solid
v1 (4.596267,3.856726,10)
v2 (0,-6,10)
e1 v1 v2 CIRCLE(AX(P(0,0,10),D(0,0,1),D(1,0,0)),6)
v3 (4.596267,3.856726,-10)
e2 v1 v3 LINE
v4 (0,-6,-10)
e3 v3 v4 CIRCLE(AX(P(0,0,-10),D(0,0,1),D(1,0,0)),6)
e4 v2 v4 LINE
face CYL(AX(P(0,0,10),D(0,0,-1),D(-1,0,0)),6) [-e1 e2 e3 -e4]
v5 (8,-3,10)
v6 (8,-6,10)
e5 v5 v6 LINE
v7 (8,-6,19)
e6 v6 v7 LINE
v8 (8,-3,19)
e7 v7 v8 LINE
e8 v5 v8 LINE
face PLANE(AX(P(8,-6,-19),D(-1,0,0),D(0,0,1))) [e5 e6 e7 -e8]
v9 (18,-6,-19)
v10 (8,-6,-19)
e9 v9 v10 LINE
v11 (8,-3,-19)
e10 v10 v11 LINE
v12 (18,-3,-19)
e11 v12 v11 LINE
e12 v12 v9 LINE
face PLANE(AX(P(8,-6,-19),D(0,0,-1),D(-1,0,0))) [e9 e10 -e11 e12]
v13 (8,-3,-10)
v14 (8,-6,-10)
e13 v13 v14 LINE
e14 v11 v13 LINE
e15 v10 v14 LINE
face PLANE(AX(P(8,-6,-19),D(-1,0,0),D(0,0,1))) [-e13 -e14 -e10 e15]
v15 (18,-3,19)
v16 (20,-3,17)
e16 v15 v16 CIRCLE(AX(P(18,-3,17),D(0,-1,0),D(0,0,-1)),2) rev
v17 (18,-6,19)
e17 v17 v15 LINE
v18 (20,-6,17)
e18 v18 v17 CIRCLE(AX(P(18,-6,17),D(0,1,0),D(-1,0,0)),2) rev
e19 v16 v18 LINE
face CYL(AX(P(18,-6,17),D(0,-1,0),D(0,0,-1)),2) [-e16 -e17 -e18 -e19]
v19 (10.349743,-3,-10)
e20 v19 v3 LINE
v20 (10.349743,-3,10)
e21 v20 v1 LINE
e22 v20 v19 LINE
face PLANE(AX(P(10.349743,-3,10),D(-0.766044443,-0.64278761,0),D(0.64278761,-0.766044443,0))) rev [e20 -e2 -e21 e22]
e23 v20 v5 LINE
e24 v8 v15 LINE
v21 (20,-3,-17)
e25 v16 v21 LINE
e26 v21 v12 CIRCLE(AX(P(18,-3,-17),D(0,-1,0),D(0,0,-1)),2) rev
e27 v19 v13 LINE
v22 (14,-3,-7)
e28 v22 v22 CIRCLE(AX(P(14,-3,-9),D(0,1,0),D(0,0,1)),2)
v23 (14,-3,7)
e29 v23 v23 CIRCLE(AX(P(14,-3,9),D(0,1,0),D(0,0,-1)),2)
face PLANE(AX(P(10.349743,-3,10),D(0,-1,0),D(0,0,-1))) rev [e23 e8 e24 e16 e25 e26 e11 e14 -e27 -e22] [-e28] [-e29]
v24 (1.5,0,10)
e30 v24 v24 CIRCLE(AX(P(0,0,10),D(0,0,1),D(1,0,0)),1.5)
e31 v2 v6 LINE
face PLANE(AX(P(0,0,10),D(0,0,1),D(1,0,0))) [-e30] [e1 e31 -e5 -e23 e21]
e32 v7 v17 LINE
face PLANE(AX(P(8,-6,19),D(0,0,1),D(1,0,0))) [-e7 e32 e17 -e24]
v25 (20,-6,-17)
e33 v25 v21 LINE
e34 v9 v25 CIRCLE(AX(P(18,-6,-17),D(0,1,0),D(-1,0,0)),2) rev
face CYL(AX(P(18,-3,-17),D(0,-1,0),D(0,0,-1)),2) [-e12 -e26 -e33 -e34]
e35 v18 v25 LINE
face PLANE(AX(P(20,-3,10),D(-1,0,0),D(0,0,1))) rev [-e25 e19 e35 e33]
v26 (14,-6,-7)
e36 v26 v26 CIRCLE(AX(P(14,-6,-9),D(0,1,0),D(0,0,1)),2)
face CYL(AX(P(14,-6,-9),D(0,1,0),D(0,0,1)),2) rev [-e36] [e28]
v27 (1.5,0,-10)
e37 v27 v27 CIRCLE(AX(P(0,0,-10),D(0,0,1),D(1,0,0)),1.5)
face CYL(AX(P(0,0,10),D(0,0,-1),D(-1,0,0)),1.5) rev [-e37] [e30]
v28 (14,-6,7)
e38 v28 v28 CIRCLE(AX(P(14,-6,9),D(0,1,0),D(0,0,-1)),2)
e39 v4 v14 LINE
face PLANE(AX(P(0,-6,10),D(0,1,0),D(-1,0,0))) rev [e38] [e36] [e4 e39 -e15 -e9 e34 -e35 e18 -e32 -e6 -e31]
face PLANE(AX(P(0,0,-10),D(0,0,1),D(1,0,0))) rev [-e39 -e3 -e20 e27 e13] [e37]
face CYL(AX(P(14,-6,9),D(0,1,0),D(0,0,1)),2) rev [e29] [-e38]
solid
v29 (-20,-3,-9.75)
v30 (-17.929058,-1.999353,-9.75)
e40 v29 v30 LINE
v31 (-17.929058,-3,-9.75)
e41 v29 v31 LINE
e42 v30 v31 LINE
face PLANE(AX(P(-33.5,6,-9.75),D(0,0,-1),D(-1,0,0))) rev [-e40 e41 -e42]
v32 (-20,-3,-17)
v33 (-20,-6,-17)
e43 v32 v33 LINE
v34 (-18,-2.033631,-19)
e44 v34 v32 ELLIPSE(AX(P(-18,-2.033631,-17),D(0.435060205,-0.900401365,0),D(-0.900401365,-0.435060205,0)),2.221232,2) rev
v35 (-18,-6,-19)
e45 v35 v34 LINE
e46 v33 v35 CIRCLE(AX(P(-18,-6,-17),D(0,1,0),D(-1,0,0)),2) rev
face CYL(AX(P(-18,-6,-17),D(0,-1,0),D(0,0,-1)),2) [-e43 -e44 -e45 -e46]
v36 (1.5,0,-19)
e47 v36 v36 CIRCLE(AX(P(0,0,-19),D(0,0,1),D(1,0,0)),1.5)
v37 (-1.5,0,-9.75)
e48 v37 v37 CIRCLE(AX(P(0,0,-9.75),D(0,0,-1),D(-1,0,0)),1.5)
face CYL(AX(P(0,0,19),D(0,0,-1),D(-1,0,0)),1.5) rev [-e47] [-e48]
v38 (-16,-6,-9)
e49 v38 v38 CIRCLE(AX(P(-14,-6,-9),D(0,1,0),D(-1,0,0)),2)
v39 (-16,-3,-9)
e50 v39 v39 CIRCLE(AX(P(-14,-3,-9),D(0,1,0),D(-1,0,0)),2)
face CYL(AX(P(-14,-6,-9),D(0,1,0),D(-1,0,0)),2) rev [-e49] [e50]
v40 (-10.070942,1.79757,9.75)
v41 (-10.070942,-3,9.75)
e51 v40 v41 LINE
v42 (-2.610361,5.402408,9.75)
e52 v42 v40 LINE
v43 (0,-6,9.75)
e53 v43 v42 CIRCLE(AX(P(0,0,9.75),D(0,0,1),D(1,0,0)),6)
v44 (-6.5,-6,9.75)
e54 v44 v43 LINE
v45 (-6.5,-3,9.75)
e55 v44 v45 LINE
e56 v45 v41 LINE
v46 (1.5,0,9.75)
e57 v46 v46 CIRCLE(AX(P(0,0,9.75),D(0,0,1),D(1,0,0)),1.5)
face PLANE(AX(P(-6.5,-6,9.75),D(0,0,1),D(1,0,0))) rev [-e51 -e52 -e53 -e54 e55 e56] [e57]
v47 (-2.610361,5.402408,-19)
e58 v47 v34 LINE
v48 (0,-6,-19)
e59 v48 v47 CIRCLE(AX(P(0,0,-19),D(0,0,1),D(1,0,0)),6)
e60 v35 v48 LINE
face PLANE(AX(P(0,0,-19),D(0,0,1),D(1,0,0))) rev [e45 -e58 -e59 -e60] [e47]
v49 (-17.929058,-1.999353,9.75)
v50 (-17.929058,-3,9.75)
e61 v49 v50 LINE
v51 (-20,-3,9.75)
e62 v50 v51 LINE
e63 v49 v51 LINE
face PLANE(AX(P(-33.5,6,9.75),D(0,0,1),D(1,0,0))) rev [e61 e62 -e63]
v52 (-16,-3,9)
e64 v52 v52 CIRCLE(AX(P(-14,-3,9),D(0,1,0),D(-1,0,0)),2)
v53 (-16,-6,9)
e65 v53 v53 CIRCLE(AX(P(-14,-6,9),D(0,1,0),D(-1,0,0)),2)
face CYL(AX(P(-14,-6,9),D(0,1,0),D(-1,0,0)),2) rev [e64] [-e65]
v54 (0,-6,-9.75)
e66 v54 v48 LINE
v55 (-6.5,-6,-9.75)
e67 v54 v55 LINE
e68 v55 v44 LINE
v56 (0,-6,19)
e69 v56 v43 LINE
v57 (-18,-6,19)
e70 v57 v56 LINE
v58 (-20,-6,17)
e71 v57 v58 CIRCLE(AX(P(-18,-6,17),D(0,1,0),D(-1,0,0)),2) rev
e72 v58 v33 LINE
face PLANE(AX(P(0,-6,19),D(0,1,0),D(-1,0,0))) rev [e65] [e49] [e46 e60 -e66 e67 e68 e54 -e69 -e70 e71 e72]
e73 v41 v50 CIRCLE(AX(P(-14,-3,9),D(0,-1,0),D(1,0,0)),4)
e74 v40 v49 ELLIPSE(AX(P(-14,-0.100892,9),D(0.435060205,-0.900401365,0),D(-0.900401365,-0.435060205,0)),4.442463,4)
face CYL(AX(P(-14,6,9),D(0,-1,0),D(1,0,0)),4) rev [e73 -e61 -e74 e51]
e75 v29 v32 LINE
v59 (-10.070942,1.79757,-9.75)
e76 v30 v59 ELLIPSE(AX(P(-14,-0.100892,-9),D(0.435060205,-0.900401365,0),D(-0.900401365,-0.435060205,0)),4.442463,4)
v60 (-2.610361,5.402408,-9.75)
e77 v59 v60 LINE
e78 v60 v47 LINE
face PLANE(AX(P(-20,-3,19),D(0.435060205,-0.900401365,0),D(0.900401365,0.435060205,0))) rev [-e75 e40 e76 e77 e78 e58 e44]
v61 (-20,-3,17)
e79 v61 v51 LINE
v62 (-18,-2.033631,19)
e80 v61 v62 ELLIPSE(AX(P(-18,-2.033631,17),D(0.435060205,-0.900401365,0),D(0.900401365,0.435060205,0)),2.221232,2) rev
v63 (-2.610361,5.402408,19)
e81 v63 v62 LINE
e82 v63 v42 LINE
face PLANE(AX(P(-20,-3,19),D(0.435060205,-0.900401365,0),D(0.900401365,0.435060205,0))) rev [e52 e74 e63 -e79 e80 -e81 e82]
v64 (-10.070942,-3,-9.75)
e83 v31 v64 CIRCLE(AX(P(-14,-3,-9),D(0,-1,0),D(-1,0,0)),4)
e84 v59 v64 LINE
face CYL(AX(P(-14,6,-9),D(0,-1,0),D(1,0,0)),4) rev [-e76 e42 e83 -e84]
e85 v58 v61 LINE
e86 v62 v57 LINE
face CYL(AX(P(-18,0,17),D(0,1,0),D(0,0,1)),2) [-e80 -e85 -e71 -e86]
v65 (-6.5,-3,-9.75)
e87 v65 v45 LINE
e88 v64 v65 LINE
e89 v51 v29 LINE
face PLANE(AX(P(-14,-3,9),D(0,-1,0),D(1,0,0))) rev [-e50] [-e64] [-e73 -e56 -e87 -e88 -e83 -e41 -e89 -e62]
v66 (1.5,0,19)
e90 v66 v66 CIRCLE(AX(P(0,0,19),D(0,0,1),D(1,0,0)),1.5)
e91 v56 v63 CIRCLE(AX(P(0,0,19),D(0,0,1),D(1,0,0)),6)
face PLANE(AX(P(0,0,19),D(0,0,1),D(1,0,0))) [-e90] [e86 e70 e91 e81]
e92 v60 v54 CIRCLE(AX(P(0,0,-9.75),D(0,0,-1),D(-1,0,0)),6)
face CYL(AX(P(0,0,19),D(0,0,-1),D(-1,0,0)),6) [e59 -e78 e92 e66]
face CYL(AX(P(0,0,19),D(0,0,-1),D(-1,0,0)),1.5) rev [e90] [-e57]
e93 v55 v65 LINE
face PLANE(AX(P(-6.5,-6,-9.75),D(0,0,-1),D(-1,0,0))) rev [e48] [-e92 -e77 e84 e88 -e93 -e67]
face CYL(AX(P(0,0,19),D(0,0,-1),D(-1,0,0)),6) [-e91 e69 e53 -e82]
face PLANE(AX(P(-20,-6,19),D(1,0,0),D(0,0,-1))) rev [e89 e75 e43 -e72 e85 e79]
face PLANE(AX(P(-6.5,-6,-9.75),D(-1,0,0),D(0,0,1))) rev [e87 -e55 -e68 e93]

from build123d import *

# Parameters (mm, degrees)
SKETCH_1_R               = 1.5
EXTRUDE_1_DEPTH          = 10
SKETCH_2_W               = 12
SKETCH_2_H               = 38
EXTRUDE_2_DEPTH          = 3
SKETCH_3_R               = 1.5
EXTRUDE_3_DEPTH          = 19
CUT_EXTRUDE_1_DEPTH      = 29.231188427
CUT_EXTRUDE_1_DEPTH_BACK = 29.231188427
SKETCH_4_W               = 13
SKETCH_4_H               = 19.5
CUT_EXTRUDE_START        = -3
CUT_EXTRUDE_2_DEPTH      = 28.083217913
SKETCH_6_R               = 2
CUT_EXTRUDE_3_DEPTH      = 30.017236257
SKETCH_7_R               = 2
CUT_EXTRUDE_4_DEPTH      = 30.017236257
FILLET_1_R               = 2
FILLET_2_R               = 2


with BuildPart() as part:
    # 草图1 → 凸台-拉伸1 (new, symmetric)
    with BuildSketch(Plane.XY):
        with BuildLine():
            Line((0, -6), (20, -6))
            Line((20, -6), (20, -3))
            Line((20, -3), (10.34974263, -3))
            Line((10.34974263, -3), (4.596266659, 3.856725658))
            ThreePointArc((4.596266659, 3.856725658), (-5.437846722, 2.53570957), (0, -6))
        make_face()
        Circle(SKETCH_1_R, mode=Mode.SUBTRACT)
    extrude(amount=EXTRUDE_1_DEPTH, both=True)

    # 草图2 → 凸台-拉伸2 (add)
    with BuildSketch(Plane(origin=(0, -3, 0), x_dir=(1, 0, 0), z_dir=(0, 1, 0))):
        with Locations((14, 0)):
            Rectangle(SKETCH_2_W, SKETCH_2_H)
    extrude(amount=-EXTRUDE_2_DEPTH)

    # 草图7 → 切除-拉伸4 (cut, through all)
    with BuildSketch(Plane(origin=(0, -3, 0), x_dir=(1, 0, 0), z_dir=(0, 1, 0))):
        with Locations(Location((14, 9, 0), (0, 0, 270))):
            Circle(SKETCH_7_R)
        with Locations(Location((14, -9, 0), (0, 0, 90))):
            Circle(SKETCH_7_R)
    extrude(amount=-CUT_EXTRUDE_4_DEPTH, mode=Mode.SUBTRACT)

    # 圆角2
    fillet_2_edges = [part.edges().sort_by_distance(p)[0] for p in [
        (20, -4.5, -19),
        (20, -4.5, 19),
    ]]
    fillet(fillet_2_edges, radius=FILLET_2_R)


with BuildPart() as body_2:
    # 草图3 → 凸台-拉伸3 (new, symmetric)
    with BuildSketch(Plane.XY):
        with BuildLine():
            Line((0, -6), (-20, -6))
            Line((-20, -6), (-20, -3))
            Line((-20, -3), (-2.610361229, 5.40240819))
            ThreePointArc((-2.610361229, 5.40240819), (5.848694262, 1.338945641), (0, -6))
        make_face()
        Circle(SKETCH_3_R, mode=Mode.SUBTRACT)
    extrude(amount=EXTRUDE_3_DEPTH, both=True)

    # 草图4 → 切除-拉伸1 (cut, two sides: drawn at the far end of the back side and taken through both)
    with BuildSketch(Plane(origin=(0, 0, 0), x_dir=(1, 0, 0), z_dir=(0, 1, 0)).offset(-CUT_EXTRUDE_1_DEPTH_BACK)):
        Rectangle(SKETCH_4_W, SKETCH_4_H)
    extrude(amount=CUT_EXTRUDE_1_DEPTH + CUT_EXTRUDE_1_DEPTH_BACK, mode=Mode.SUBTRACT)

    # 草图5 → 切除-拉伸2 (cut, through all)
    with BuildSketch(Plane.XZ.offset(6).offset(CUT_EXTRUDE_START)):
        with BuildLine():
            Line((-33.5, 9.75), (-17.929058411, 9.75))
            ThreePointArc((-17.929058411, 9.75), (-14, 13), (-10.070941589, 9.75))
            Line((-10.070941589, 9.75), (-6.5, 9.75))
            Line((-6.5, 9.75), (-6.5, -9.75))
            Line((-6.5, -9.75), (-10.070941589, -9.75))
            ThreePointArc((-10.070941589, -9.75), (-14, -13), (-17.929058411, -9.75))
            Line((-17.929058411, -9.75), (-33.5, -9.75))
            Line((-33.5, -9.75), (-33.5, 9.75))
        make_face()
    extrude(amount=-CUT_EXTRUDE_2_DEPTH, mode=Mode.SUBTRACT)

    # 草图6 → 切除-拉伸3 (cut, through all)
    with BuildSketch(Plane(origin=(0, -3, 0), x_dir=(1, 0, 0), z_dir=(0, 1, 0))):
        with Locations(Location((-14, 9, 0), (0, 0, 180))):
            Circle(SKETCH_6_R)
        with Locations(Location((-14, -9, 0), (0, 0, 180))):
            Circle(SKETCH_6_R)
    extrude(amount=-CUT_EXTRUDE_3_DEPTH, mode=Mode.SUBTRACT)

    # 圆角1
    fillet_1_edges = [body_2.edges().sort_by_distance(p)[0] for p in [
        (-20, -4.5, 19),
        (-20, -4.5, -19),
    ]]
    fillet(fillet_1_edges, radius=FILLET_1_R)


solid = Compound([part.part, body_2.part])
